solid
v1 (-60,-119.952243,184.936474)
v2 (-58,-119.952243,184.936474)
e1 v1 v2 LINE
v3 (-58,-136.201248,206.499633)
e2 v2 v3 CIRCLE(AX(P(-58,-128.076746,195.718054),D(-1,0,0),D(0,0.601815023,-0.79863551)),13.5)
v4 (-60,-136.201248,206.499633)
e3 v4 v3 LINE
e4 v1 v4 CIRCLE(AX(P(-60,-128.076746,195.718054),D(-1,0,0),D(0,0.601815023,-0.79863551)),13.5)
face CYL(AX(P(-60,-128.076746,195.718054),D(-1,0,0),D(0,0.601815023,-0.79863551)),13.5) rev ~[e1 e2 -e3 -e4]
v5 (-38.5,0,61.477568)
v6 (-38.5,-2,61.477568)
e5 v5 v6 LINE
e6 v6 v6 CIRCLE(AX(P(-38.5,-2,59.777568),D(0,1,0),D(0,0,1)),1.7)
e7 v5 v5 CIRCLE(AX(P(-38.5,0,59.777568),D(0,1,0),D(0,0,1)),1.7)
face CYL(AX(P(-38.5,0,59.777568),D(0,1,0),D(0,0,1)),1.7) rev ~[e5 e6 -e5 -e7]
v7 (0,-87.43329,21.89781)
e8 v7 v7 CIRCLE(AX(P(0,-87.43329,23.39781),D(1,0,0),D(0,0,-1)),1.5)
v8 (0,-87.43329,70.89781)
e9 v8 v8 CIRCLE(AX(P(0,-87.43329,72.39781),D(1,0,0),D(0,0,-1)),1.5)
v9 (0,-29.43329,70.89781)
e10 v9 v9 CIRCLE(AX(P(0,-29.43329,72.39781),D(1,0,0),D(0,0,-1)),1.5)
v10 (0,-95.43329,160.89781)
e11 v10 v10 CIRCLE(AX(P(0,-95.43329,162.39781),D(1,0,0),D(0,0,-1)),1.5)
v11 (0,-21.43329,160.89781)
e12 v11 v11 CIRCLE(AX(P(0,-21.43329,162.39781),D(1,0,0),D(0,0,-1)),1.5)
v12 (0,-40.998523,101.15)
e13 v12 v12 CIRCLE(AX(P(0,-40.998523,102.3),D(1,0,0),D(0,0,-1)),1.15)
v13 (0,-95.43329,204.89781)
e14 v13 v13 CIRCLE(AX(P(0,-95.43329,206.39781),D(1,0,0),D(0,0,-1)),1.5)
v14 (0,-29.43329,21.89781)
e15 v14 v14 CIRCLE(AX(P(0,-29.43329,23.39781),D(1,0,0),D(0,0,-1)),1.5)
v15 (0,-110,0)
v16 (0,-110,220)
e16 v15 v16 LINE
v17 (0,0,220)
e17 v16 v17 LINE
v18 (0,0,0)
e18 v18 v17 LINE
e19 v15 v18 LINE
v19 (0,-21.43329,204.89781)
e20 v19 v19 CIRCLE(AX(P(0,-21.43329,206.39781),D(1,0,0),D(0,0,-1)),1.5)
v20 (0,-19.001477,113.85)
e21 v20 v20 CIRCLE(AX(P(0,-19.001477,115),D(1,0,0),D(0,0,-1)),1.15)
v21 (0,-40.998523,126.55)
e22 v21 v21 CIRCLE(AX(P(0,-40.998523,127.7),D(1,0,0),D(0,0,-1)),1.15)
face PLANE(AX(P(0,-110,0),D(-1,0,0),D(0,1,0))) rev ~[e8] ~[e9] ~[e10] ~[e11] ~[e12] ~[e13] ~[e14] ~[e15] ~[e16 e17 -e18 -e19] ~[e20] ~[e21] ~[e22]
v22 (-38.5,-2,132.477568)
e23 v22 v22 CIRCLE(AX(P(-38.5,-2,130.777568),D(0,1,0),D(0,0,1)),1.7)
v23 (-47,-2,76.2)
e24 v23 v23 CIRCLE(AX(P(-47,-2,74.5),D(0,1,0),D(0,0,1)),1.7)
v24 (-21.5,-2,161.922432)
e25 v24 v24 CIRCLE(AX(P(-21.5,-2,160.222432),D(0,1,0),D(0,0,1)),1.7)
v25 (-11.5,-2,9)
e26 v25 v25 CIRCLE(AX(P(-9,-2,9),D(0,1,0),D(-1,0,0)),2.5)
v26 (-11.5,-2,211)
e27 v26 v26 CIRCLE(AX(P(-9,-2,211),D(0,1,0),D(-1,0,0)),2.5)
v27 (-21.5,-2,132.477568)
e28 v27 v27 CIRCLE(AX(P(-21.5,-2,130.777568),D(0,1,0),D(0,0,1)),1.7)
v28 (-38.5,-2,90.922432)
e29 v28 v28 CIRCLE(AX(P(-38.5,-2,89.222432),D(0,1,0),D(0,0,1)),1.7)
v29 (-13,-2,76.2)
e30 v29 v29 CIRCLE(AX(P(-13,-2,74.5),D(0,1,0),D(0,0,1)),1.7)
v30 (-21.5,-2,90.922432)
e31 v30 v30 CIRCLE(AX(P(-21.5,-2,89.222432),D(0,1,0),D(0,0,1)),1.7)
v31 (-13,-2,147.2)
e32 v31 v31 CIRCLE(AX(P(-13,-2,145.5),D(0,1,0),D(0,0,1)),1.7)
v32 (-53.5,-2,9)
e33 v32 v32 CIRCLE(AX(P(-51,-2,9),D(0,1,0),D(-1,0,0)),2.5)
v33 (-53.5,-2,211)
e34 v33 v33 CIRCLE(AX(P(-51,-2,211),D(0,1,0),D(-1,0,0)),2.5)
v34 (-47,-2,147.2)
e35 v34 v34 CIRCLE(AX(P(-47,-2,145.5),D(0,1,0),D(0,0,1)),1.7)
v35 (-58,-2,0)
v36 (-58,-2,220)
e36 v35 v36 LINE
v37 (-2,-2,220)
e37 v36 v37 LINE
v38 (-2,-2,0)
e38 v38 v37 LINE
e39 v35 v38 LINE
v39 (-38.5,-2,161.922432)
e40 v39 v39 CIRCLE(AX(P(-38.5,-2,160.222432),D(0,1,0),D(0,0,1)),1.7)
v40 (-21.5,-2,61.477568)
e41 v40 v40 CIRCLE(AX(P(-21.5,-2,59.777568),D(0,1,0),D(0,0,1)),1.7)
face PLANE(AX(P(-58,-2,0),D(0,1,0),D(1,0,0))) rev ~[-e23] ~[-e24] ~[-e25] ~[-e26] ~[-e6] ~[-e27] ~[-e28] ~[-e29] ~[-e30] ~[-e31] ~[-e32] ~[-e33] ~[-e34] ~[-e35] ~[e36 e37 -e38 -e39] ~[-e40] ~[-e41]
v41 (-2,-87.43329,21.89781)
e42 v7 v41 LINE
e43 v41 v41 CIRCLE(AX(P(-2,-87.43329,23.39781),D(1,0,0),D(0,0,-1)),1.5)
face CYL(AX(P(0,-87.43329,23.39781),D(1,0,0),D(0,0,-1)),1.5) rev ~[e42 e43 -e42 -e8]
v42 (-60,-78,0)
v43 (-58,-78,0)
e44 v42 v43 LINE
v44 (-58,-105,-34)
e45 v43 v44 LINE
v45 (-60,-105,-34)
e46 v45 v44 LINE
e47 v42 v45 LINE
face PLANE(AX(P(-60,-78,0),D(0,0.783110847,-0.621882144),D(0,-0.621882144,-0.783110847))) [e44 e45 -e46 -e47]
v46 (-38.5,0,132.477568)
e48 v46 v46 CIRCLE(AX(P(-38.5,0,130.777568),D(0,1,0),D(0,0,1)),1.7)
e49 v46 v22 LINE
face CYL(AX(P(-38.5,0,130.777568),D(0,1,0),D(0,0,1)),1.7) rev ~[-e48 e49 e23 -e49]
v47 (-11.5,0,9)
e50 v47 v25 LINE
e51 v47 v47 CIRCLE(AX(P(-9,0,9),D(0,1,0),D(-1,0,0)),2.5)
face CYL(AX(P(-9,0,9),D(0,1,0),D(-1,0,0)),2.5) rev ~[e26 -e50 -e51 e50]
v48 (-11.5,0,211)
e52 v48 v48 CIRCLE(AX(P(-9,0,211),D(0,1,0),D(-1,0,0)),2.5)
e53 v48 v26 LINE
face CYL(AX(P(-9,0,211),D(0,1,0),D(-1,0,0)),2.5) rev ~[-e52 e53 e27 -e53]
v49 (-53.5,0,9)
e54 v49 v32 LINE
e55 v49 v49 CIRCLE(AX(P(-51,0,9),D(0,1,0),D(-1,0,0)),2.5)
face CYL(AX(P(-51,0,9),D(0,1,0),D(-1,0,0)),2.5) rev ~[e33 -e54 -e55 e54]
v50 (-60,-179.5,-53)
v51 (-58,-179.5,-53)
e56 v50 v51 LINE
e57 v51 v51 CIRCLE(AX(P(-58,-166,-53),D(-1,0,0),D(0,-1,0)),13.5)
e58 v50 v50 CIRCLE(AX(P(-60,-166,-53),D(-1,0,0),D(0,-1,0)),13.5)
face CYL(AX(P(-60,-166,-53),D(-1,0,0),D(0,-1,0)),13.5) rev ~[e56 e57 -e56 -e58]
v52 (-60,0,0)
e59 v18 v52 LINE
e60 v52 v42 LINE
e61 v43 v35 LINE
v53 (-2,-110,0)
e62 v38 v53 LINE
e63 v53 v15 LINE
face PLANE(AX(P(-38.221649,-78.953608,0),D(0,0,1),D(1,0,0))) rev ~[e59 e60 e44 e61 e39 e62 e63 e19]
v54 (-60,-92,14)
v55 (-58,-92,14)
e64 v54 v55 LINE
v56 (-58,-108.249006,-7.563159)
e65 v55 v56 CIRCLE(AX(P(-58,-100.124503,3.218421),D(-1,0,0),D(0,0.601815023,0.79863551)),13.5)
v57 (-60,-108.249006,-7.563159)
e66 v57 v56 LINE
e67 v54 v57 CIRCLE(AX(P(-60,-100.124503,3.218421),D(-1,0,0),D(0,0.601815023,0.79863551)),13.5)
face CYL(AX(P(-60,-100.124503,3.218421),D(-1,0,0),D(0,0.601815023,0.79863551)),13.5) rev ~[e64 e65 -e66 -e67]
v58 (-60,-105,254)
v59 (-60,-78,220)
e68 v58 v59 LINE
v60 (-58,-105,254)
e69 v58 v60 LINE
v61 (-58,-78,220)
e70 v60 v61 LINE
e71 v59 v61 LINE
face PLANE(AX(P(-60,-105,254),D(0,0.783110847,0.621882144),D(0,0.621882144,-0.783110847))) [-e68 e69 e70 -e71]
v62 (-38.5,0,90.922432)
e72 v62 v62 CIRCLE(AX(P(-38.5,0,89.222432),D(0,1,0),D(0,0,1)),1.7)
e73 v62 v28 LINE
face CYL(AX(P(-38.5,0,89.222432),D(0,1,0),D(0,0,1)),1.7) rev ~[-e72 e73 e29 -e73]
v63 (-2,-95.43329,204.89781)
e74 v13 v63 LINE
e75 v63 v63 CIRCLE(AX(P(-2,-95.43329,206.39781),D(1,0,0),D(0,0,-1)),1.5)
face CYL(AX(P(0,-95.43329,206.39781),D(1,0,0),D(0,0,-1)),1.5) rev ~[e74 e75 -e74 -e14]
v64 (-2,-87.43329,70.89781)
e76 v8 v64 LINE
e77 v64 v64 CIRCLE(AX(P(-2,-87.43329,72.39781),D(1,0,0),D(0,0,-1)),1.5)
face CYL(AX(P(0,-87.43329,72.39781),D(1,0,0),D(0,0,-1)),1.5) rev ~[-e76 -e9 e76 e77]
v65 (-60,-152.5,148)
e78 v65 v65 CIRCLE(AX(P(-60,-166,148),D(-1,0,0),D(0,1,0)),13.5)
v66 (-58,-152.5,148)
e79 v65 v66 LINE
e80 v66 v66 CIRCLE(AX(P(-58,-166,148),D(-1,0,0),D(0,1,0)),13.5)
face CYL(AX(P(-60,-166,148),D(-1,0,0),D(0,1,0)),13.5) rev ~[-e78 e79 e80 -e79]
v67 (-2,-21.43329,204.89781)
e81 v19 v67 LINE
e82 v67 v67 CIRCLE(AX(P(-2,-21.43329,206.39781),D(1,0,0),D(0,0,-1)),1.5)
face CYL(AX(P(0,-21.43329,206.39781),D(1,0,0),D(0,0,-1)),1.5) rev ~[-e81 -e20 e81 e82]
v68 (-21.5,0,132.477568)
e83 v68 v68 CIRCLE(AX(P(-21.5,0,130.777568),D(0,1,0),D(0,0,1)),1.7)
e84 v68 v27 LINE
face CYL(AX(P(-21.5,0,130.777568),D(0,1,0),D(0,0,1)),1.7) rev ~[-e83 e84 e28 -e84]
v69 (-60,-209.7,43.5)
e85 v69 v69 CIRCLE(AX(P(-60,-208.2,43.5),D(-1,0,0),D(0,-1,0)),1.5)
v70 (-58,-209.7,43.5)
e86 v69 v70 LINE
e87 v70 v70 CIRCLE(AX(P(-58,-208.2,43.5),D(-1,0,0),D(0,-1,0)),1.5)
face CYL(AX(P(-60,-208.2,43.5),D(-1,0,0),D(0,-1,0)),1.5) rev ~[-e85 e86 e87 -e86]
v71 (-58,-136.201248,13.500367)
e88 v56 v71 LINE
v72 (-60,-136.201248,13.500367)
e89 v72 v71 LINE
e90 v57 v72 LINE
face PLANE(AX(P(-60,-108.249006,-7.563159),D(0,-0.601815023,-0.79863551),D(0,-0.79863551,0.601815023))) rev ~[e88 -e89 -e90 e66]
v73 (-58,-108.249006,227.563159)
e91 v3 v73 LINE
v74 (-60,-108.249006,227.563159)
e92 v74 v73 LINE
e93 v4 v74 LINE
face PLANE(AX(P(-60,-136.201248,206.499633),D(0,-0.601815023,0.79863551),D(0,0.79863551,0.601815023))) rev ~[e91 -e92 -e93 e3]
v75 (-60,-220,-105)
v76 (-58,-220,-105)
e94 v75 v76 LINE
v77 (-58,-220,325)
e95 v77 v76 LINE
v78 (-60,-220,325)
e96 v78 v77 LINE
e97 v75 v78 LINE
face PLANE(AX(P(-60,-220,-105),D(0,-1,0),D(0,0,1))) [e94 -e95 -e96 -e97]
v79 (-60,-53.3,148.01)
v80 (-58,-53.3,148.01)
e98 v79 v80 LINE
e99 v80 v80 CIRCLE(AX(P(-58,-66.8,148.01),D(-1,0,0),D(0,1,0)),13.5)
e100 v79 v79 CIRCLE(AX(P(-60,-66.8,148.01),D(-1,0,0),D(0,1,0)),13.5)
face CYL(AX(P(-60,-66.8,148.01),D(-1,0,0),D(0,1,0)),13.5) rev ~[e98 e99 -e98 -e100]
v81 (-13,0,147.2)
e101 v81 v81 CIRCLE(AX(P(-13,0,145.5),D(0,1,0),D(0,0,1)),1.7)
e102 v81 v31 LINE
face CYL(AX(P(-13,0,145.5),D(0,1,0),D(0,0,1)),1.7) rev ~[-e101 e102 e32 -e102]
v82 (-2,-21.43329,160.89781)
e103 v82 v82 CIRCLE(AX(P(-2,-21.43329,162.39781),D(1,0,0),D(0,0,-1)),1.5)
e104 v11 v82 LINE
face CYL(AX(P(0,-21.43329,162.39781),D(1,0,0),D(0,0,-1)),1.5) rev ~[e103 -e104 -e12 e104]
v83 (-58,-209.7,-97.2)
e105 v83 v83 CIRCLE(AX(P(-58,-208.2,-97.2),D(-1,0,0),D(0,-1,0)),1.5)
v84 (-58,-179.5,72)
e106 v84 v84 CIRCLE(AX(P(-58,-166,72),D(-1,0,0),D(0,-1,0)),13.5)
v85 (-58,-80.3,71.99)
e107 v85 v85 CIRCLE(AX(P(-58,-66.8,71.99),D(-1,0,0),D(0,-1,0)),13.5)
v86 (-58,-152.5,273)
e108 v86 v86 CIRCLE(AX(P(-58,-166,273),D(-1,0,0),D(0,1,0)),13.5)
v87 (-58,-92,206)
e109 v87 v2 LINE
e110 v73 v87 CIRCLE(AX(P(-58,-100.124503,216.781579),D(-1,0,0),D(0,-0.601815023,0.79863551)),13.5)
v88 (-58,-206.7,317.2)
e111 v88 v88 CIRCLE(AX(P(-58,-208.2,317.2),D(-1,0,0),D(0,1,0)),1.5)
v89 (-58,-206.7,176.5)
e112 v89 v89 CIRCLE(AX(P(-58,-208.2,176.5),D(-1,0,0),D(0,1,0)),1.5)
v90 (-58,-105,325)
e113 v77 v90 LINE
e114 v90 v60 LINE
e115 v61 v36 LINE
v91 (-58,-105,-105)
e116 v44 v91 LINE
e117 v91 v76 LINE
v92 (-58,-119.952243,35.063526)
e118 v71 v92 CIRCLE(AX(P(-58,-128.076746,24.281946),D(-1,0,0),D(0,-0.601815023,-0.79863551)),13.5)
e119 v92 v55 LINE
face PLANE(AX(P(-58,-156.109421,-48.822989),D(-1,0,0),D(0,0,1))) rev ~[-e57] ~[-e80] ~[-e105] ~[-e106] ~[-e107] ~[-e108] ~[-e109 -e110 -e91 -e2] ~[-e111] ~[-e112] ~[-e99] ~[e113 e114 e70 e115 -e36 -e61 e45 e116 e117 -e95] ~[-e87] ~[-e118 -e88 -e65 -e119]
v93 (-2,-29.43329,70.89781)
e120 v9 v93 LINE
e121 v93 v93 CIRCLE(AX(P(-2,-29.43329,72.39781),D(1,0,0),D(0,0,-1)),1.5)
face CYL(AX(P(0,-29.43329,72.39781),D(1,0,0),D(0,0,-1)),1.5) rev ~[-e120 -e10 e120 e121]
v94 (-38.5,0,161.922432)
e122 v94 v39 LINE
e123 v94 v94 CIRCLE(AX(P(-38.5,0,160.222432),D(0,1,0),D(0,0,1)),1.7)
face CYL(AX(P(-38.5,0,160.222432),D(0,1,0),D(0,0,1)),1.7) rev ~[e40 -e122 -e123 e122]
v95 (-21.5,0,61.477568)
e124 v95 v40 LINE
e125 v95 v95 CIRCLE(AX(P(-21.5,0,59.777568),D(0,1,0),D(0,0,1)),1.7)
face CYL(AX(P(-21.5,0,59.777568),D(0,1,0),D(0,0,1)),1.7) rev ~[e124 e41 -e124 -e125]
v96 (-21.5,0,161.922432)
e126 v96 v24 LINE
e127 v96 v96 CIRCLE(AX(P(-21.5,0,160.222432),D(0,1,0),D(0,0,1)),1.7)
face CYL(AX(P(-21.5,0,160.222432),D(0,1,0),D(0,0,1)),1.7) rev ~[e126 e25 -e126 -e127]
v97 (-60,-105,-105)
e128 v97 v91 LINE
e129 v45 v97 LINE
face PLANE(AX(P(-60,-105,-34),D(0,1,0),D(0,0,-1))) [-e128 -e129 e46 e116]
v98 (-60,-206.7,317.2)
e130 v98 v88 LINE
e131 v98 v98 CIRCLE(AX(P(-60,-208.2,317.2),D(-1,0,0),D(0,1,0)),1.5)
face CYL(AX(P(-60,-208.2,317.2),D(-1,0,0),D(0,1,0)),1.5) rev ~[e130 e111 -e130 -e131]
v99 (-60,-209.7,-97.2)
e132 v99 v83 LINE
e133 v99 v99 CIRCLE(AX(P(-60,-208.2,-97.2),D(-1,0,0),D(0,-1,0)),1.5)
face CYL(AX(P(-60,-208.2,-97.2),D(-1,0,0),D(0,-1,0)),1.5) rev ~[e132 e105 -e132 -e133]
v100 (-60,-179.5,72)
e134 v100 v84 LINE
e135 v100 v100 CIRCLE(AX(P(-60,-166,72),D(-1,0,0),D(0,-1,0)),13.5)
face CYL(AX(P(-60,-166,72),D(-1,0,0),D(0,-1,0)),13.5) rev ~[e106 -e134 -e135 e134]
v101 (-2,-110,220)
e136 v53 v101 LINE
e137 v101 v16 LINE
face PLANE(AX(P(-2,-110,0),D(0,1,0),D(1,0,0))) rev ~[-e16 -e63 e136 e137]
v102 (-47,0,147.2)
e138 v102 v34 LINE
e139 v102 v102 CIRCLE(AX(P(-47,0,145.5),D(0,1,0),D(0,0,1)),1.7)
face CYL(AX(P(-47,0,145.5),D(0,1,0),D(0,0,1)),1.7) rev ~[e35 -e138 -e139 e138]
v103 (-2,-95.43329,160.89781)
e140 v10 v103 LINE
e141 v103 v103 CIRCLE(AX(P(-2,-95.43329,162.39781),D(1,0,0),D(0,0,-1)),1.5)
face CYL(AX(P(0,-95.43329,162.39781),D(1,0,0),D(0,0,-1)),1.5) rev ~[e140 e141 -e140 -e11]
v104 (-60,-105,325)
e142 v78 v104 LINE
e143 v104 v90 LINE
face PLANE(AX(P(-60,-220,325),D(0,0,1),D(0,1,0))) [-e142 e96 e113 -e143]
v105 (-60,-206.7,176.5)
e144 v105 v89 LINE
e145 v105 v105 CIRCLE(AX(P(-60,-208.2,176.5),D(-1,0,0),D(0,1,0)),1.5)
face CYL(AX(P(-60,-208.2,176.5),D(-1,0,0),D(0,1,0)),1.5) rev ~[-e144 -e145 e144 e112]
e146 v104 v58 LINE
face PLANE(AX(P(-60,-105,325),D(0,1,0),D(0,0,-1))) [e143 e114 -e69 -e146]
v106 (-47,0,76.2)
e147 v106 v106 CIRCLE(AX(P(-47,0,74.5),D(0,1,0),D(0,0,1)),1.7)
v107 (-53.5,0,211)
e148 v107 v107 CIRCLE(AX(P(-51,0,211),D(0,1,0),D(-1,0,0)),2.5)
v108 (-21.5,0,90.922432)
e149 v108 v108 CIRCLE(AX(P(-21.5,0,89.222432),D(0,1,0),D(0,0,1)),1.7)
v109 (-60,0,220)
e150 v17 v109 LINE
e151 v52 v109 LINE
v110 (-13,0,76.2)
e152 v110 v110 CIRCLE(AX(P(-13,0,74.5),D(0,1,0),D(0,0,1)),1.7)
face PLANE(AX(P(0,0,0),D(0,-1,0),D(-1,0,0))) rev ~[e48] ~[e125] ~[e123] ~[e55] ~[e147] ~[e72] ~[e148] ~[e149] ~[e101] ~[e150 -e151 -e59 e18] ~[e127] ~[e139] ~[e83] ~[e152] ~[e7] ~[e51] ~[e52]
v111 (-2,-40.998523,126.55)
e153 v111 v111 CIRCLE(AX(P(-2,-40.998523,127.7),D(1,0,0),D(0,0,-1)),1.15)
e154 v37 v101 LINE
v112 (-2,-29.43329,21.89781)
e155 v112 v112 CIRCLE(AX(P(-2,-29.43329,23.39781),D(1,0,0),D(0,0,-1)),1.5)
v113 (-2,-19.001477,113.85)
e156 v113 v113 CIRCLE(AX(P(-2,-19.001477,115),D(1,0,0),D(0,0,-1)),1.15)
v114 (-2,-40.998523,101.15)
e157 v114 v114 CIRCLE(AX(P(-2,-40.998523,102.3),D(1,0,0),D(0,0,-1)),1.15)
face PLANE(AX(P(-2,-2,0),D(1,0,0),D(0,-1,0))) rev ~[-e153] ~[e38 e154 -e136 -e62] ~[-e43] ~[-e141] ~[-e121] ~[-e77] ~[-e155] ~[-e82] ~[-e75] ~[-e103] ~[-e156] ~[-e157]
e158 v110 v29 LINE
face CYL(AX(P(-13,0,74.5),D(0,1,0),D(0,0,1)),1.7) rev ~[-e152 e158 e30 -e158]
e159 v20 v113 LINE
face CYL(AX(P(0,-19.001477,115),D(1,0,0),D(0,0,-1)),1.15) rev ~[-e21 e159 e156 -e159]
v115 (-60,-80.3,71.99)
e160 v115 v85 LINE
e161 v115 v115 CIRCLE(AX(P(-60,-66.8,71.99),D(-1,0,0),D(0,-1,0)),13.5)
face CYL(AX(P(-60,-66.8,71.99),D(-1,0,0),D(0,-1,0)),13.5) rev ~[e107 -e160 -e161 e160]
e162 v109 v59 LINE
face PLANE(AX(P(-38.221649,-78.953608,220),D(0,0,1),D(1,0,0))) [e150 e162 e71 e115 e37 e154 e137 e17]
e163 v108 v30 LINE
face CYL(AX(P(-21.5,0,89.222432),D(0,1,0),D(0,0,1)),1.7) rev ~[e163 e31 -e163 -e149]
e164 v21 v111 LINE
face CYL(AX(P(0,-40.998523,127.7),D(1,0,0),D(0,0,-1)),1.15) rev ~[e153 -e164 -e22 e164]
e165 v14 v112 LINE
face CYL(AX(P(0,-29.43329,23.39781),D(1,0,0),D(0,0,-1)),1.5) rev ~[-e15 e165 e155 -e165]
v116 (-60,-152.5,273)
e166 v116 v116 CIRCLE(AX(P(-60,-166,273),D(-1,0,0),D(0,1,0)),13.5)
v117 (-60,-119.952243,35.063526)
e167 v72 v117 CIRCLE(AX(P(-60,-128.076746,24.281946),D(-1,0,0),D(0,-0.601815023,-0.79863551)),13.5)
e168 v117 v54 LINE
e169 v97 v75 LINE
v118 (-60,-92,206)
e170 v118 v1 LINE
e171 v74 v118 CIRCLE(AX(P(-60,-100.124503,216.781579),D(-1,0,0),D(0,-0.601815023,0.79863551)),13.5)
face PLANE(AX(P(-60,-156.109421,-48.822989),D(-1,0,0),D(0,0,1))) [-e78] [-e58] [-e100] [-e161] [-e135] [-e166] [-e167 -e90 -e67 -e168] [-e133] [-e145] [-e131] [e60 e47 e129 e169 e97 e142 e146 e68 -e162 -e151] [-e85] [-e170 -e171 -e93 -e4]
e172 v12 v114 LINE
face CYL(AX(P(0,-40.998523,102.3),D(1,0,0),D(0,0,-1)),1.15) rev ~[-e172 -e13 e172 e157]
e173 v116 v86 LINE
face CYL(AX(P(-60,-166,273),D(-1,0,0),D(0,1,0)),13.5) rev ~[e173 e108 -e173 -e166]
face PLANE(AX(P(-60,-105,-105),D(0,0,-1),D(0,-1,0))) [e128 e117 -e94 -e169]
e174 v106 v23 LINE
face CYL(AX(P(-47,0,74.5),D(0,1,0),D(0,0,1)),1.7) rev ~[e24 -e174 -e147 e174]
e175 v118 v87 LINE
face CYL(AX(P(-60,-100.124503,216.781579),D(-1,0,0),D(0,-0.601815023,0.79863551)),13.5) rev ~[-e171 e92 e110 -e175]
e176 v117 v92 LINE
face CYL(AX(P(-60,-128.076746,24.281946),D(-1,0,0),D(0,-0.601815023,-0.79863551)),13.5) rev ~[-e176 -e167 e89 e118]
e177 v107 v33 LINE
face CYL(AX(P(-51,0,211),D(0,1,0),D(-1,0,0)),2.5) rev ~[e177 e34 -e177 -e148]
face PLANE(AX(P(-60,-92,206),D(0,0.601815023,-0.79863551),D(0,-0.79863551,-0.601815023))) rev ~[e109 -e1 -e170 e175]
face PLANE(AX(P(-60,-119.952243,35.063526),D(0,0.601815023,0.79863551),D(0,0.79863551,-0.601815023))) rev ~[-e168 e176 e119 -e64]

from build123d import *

# Parameters (mm, degrees)
BOSS_EXTRUDE1_DEPTH = 220
SKETCH2_R           = 1.7
CUT_EXTRUDE2_DEPTH  = 2
SKETCH3_R           = 1.15
CUT_EXTRUDE4_DEPTH  = 10
SKETCH4_R           = 1.5
CUT_EXTRUDE5_DEPTH  = 10
BOSS_EXTRUDE2_DEPTH = 2
SKETCH8_R           = 13.5
SKETCH8_R_2         = 1.5
CUT_EXTRUDE6_DEPTH  = 2
SKETCH9_R           = 2.5
CUT_EXTRUDE7_DEPTH  = 10


with BuildPart() as part:
    # Sketch1 → Boss-Extrude1 (new body)
    with BuildSketch(Plane.XY):
        Polygon((-58, -2), (-2, -2), (-2, -110), (0, -110), (0, 0), (-60, 0), (-60, -220), (-58, -220), align=None)
    extrude(amount=BOSS_EXTRUDE1_DEPTH)

    # Sketch2 → Cut-Extrude2 (cut)
    with BuildSketch(Plane(origin=(0, 0, 0), x_dir=(1, 0, 0), z_dir=(0, 1, 0))):
        with Locations(Location((-38.5, -59.777568136, 0), (0, 0, 270))):
            Circle(SKETCH2_R)
        with Locations(Location((-21.5, -59.777568136, 0), (0, 0, 270))):
            Circle(SKETCH2_R)
        with Locations(Location((-13, -74.5, 0), (0, 0, 270))):
            Circle(SKETCH2_R)
        with Locations(Location((-21.5, -89.222431864, 0), (0, 0, 270))):
            Circle(SKETCH2_R)
        with Locations(Location((-38.5, -89.222431864, 0), (0, 0, 270))):
            Circle(SKETCH2_R)
        with Locations(Location((-47, -74.5, 0), (0, 0, 270))):
            Circle(SKETCH2_R)
        with Locations(Location((-38.5, -130.777568136, 0), (0, 0, 270))):
            Circle(SKETCH2_R)
        with Locations(Location((-47, -145.5, 0), (0, 0, 270))):
            Circle(SKETCH2_R)
        with Locations(Location((-38.5, -160.222431864, 0), (0, 0, 270))):
            Circle(SKETCH2_R)
        with Locations(Location((-21.5, -160.222431864, 0), (0, 0, 270))):
            Circle(SKETCH2_R)
        with Locations(Location((-13, -145.5, 0), (0, 0, 270))):
            Circle(SKETCH2_R)
        with Locations(Location((-21.5, -130.777568136, 0), (0, 0, 270))):
            Circle(SKETCH2_R)
    extrude(amount=-CUT_EXTRUDE2_DEPTH, mode=Mode.SUBTRACT)

    # Sketch3 → Cut-Extrude4 (cut)
    with BuildSketch(Plane(origin=(0, 0, 0), x_dir=(0, 0, -1), z_dir=(1, 0, 0))):
        with Locations((-115, -19.001477372)):
            Circle(SKETCH3_R)
        with Locations((-127.7, -40.998522628)):
            Circle(SKETCH3_R)
        with Locations((-102.3, -40.998522628)):
            Circle(SKETCH3_R)
    extrude(amount=-CUT_EXTRUDE4_DEPTH, mode=Mode.SUBTRACT)

    # Sketch4 → Cut-Extrude5 (cut)
    with BuildSketch(Plane(origin=(0, 0, 0), x_dir=(0, 0, -1), z_dir=(1, 0, 0))):
        with Locations((-206.39781016, -21.433290156)):
            Circle(SKETCH4_R)
        with Locations((-162.39781016, -21.433290156)):
            Circle(SKETCH4_R)
        with Locations((-206.39781016, -95.433290156)):
            Circle(SKETCH4_R)
        with Locations((-162.39781016, -95.433290156)):
            Circle(SKETCH4_R)
        with Locations((-72.39781016, -29.433290156)):
            Circle(SKETCH4_R)
        with Locations((-23.39781016, -29.433290156)):
            Circle(SKETCH4_R)
        with Locations((-72.39781016, -87.433290156)):
            Circle(SKETCH4_R)
        with Locations((-23.39781016, -87.433290156)):
            Circle(SKETCH4_R)
    extrude(amount=-CUT_EXTRUDE5_DEPTH, mode=Mode.SUBTRACT)

    # Sketch6 → Boss-Extrude2 (add)
    with BuildSketch(Plane.ZY.offset(60)):
        Polygon((0, -78), (-34, -105), (-105, -105), (-105, -220), (0, -220), align=None)
        Polygon((220, -78), (220, -220), (325, -220), (325, -105), (254, -105), align=None)
    extrude(amount=-BOSS_EXTRUDE2_DEPTH)

    # Sketch8 → Cut-Extrude6 (cut)
    with BuildSketch(Plane.ZY.offset(60)):
        with Locations(Location((-53, -166, 0), (0, 0, 270))):
            Circle(SKETCH8_R)
        with Locations(Location((72, -166, 0), (0, 0, 270))):
            Circle(SKETCH8_R)
        with Locations(Location((148, -166, 0), (0, 0, 90))):
            Circle(SKETCH8_R)
        with Locations(Location((273, -166, 0), (0, 0, 90))):
            Circle(SKETCH8_R)
        with Locations(Location((-97.2, -208.2, 0), (0, 0, 270))):
            Circle(SKETCH8_R_2)
        with Locations(Location((43.5, -208.2, 0), (0, 0, 270))):
            Circle(SKETCH8_R_2)
        with Locations(Location((176.5, -208.2, 0), (0, 0, 90))):
            Circle(SKETCH8_R_2)
        with Locations(Location((317.2, -208.2, 0), (0, 0, 90))):
            Circle(SKETCH8_R_2)
        with Locations(Location((71.99, -66.8, 0), (0, 0, 270))):
            Circle(SKETCH8_R)
        with Locations(Location((148.01, -66.8, 0), (0, 0, 90))):
            Circle(SKETCH8_R)
        with BuildLine():
            Line((-7.563158771, -108.249005625), (13.500367039, -136.201248477))
            ThreePointArc((13.500367039, -136.201248477), (32.406449237, -138.85832505), (35.06352581, -119.952242852))
            Line((35.06352581, -119.952242852), (14, -92))
            ThreePointArc((14, -92), (-4.906082198, -89.342923427), (-7.563158771, -108.249005625))
        make_face()
        with BuildLine():
            Line((206, -92), (184.93647419, -119.952242852))
            ThreePointArc((184.93647419, -119.952242852), (187.593550763, -138.85832505), (206.499632961, -136.201248477))
            Line((206.499632961, -136.201248477), (227.563158771, -108.249005625))
            ThreePointArc((227.563158771, -108.249005625), (224.906082198, -89.342923427), (206, -92))
        make_face()
    extrude(amount=-CUT_EXTRUDE6_DEPTH, mode=Mode.SUBTRACT)

    # Sketch9 → Cut-Extrude7 (cut)
    with BuildSketch(Plane(origin=(0, 0, 0), x_dir=(1, 0, 0), z_dir=(0, 1, 0))):
        with Locations(Location((-51, -9, 0), (0, 0, 180))):
            Circle(SKETCH9_R)
        with Locations(Location((-9, -9, 0), (0, 0, 180))):
            Circle(SKETCH9_R)
        with Locations(Location((-9, -211, 0), (0, 0, 180))):
            Circle(SKETCH9_R)
        with Locations(Location((-51, -211, 0), (0, 0, 180))):
            Circle(SKETCH9_R)
    extrude(amount=-CUT_EXTRUDE7_DEPTH, mode=Mode.SUBTRACT)


solid = part.part
